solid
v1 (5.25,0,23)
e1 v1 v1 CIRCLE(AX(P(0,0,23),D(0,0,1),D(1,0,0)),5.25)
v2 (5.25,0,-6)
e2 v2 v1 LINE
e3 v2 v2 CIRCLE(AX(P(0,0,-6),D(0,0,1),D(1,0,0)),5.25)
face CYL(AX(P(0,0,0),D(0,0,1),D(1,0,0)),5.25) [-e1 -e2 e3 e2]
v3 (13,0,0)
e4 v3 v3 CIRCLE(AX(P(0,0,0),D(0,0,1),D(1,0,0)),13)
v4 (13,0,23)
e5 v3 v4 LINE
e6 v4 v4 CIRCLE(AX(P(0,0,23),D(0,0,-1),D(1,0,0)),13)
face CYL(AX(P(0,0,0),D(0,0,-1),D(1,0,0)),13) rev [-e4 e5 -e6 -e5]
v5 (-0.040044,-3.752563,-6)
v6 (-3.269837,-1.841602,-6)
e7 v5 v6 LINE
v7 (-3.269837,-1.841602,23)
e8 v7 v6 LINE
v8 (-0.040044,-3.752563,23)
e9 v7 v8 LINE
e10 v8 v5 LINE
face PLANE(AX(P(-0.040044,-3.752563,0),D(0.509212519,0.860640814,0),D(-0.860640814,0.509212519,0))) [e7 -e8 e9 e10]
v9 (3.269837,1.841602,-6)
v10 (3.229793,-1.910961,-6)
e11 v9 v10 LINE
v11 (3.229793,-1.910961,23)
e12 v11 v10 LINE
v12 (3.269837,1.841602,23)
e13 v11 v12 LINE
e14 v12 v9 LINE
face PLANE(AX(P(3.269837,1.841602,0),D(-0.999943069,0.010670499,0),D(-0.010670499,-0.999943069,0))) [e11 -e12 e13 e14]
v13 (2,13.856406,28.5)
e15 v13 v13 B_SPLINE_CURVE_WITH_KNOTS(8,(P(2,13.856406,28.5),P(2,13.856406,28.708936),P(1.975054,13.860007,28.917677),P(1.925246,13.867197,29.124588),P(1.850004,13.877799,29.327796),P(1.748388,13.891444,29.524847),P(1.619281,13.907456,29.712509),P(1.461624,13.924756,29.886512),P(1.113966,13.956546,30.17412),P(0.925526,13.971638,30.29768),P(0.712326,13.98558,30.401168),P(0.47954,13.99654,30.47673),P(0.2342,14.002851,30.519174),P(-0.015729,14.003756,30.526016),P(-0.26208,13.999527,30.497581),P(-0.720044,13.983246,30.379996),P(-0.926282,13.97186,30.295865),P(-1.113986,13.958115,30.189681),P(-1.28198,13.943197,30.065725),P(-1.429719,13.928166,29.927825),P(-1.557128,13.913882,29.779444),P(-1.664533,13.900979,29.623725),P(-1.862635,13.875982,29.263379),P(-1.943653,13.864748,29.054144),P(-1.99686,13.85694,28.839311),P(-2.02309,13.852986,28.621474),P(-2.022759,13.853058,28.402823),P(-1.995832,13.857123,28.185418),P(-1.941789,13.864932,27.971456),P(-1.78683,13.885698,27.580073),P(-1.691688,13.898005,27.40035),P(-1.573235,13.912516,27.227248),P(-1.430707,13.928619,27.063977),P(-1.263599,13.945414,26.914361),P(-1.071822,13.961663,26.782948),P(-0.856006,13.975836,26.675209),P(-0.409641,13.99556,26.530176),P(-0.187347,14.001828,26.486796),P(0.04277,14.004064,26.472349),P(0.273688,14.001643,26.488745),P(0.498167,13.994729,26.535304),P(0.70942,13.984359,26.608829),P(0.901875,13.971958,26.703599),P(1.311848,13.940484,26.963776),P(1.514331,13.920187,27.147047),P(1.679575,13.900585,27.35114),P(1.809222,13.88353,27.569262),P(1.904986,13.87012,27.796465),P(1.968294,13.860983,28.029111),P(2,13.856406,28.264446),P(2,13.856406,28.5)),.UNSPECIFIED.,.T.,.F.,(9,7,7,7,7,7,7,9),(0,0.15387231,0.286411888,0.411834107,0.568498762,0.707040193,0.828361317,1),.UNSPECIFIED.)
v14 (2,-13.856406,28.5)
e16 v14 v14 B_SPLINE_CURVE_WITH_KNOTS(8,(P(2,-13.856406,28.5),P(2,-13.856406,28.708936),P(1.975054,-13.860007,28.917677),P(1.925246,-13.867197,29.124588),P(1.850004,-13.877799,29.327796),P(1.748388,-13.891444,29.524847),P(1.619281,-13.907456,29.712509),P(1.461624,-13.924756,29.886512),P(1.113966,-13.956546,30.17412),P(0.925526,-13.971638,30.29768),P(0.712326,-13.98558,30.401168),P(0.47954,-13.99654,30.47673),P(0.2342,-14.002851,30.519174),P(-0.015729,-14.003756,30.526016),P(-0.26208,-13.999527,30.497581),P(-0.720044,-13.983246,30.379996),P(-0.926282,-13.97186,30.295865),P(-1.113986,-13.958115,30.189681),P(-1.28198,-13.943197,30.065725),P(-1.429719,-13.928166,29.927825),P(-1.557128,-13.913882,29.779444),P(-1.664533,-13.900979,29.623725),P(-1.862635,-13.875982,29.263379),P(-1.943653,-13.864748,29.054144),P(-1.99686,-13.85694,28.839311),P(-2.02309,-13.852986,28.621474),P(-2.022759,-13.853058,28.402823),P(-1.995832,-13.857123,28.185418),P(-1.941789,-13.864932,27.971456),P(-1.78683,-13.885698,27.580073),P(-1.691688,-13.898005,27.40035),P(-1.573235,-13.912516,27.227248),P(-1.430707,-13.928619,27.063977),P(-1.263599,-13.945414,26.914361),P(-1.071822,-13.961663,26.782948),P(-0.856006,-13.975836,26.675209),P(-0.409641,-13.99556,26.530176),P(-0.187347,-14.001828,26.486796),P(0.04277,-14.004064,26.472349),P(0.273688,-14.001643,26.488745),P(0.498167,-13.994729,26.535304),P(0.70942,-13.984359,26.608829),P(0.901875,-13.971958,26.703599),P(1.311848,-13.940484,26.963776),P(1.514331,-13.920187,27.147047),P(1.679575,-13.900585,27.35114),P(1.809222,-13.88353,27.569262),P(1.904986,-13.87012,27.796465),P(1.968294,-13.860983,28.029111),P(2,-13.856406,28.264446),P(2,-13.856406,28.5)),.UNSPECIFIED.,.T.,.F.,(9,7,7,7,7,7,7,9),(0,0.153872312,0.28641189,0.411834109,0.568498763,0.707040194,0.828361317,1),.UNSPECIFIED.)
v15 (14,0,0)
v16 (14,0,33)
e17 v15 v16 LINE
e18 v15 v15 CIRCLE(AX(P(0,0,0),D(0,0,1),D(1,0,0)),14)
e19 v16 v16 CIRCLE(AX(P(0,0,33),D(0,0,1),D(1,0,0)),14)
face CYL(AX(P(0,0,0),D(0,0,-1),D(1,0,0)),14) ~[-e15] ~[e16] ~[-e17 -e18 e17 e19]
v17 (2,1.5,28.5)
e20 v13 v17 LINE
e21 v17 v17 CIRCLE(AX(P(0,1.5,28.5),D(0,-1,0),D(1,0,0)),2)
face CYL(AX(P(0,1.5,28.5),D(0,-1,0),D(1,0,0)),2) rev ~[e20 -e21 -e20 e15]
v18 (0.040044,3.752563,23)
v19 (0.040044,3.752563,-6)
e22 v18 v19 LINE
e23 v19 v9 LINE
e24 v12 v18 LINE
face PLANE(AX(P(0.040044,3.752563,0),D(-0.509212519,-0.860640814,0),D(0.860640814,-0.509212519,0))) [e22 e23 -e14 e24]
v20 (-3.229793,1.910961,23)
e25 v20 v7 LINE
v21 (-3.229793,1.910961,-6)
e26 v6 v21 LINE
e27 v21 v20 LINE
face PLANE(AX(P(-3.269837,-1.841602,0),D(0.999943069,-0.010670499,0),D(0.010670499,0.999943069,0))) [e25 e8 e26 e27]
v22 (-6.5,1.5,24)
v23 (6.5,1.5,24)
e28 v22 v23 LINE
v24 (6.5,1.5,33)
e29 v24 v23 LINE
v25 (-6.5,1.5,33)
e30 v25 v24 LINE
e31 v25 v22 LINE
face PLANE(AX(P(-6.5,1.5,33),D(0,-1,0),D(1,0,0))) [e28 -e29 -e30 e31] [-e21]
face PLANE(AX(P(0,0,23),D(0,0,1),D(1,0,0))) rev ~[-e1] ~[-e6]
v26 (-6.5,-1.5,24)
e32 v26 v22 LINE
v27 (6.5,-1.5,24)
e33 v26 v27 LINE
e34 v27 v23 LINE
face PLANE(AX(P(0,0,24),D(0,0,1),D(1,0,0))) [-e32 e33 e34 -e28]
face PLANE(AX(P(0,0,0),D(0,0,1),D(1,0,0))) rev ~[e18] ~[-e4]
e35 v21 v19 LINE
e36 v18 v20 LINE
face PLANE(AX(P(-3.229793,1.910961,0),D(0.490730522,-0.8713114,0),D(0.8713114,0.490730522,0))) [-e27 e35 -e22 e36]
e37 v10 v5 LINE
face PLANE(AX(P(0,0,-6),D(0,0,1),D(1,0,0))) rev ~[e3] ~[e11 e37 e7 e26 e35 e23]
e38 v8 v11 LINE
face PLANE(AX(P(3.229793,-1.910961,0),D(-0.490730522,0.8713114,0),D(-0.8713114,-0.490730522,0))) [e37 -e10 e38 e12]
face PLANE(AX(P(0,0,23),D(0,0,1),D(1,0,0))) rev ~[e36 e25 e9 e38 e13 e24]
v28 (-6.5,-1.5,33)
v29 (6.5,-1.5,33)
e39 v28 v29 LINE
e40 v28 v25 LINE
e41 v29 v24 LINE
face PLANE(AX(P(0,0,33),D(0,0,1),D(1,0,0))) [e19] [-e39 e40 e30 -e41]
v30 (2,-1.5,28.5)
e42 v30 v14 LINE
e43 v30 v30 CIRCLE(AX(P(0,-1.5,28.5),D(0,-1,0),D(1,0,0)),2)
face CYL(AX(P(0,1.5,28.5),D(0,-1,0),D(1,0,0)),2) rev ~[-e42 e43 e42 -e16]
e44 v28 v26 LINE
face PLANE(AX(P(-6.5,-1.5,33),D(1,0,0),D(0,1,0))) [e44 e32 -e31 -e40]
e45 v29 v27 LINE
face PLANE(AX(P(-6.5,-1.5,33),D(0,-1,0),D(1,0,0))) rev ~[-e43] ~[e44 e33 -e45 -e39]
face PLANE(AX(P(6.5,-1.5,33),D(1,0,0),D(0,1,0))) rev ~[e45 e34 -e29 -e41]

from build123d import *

# Parameters (mm, degrees)
F0_R      = 14
F0_R_2    = 13
F0_R_3    = 5.25
F1_DEPTH  = 33
F2_DEPTH  = 6
F3_R      = 14
F3_R_2    = 5.25
F4_DEPTH  = 10
F7_W      = 13
F7_H      = 3
F8_DEPTH  = 9
F9_R      = 2
F10_DEPTH = 16


with BuildPart() as f1:
    # F0 (on Top) → F1 (new body)
    with BuildSketch(Plane.XY):
        Circle(F0_R)
        Circle(F0_R_2, mode=Mode.SUBTRACT)
        Circle(F0_R_3)
        Polygon((-3.229793, 1.910961), (0.040044, 3.752563), (3.269837, 1.841602), (3.229793, -1.910961), (-0.040044, -3.752563), (-3.269837, -1.841602), align=None, mode=Mode.SUBTRACT)
    extrude(amount=F1_DEPTH)

    # F0 (on Top) → F2 (join)
    with BuildSketch(Plane.XY):
        Circle(F0_R_3)
        Polygon((-3.229793, 1.910961), (0.040044, 3.752563), (3.269837, 1.841602), (3.229793, -1.910961), (-0.040044, -3.752563), (-3.269837, -1.841602), align=None, mode=Mode.SUBTRACT)
    extrude(amount=-F2_DEPTH)


with BuildPart() as f4:
    # F3 (on face) → F4 (new body)
    with BuildSketch(Plane.XY.offset(33)):
        Circle(F3_R)
        Circle(F3_R_2, mode=Mode.SUBTRACT)
        Polygon((-3.229793, 1.910961), (-3.269837, -1.841602), (-0.040044, -3.752563), (3.229793, -1.910961), (3.269837, 1.841602), (0.040044, 3.752563), align=None)
    extrude(amount=-F4_DEPTH)


with BuildPart() as f1_1:
    add(f1.part)

    # F5: union F4
    add(f4.part)

    # F6: union 

    # F7 (on face) → F8 (cut)
    with BuildSketch(Plane.XY.offset(33)):
        Rectangle(F7_W, F7_H)
    extrude(amount=-F8_DEPTH, mode=Mode.SUBTRACT)

    # F9 (on face) → F10 (cut, symmetric)
    with BuildSketch(Plane.XZ.offset(-1.5)):
        with Locations((0, 28.5)):
            Circle(F9_R)
    extrude(amount=F10_DEPTH, both=True, mode=Mode.SUBTRACT)


solid = f1_1.part
